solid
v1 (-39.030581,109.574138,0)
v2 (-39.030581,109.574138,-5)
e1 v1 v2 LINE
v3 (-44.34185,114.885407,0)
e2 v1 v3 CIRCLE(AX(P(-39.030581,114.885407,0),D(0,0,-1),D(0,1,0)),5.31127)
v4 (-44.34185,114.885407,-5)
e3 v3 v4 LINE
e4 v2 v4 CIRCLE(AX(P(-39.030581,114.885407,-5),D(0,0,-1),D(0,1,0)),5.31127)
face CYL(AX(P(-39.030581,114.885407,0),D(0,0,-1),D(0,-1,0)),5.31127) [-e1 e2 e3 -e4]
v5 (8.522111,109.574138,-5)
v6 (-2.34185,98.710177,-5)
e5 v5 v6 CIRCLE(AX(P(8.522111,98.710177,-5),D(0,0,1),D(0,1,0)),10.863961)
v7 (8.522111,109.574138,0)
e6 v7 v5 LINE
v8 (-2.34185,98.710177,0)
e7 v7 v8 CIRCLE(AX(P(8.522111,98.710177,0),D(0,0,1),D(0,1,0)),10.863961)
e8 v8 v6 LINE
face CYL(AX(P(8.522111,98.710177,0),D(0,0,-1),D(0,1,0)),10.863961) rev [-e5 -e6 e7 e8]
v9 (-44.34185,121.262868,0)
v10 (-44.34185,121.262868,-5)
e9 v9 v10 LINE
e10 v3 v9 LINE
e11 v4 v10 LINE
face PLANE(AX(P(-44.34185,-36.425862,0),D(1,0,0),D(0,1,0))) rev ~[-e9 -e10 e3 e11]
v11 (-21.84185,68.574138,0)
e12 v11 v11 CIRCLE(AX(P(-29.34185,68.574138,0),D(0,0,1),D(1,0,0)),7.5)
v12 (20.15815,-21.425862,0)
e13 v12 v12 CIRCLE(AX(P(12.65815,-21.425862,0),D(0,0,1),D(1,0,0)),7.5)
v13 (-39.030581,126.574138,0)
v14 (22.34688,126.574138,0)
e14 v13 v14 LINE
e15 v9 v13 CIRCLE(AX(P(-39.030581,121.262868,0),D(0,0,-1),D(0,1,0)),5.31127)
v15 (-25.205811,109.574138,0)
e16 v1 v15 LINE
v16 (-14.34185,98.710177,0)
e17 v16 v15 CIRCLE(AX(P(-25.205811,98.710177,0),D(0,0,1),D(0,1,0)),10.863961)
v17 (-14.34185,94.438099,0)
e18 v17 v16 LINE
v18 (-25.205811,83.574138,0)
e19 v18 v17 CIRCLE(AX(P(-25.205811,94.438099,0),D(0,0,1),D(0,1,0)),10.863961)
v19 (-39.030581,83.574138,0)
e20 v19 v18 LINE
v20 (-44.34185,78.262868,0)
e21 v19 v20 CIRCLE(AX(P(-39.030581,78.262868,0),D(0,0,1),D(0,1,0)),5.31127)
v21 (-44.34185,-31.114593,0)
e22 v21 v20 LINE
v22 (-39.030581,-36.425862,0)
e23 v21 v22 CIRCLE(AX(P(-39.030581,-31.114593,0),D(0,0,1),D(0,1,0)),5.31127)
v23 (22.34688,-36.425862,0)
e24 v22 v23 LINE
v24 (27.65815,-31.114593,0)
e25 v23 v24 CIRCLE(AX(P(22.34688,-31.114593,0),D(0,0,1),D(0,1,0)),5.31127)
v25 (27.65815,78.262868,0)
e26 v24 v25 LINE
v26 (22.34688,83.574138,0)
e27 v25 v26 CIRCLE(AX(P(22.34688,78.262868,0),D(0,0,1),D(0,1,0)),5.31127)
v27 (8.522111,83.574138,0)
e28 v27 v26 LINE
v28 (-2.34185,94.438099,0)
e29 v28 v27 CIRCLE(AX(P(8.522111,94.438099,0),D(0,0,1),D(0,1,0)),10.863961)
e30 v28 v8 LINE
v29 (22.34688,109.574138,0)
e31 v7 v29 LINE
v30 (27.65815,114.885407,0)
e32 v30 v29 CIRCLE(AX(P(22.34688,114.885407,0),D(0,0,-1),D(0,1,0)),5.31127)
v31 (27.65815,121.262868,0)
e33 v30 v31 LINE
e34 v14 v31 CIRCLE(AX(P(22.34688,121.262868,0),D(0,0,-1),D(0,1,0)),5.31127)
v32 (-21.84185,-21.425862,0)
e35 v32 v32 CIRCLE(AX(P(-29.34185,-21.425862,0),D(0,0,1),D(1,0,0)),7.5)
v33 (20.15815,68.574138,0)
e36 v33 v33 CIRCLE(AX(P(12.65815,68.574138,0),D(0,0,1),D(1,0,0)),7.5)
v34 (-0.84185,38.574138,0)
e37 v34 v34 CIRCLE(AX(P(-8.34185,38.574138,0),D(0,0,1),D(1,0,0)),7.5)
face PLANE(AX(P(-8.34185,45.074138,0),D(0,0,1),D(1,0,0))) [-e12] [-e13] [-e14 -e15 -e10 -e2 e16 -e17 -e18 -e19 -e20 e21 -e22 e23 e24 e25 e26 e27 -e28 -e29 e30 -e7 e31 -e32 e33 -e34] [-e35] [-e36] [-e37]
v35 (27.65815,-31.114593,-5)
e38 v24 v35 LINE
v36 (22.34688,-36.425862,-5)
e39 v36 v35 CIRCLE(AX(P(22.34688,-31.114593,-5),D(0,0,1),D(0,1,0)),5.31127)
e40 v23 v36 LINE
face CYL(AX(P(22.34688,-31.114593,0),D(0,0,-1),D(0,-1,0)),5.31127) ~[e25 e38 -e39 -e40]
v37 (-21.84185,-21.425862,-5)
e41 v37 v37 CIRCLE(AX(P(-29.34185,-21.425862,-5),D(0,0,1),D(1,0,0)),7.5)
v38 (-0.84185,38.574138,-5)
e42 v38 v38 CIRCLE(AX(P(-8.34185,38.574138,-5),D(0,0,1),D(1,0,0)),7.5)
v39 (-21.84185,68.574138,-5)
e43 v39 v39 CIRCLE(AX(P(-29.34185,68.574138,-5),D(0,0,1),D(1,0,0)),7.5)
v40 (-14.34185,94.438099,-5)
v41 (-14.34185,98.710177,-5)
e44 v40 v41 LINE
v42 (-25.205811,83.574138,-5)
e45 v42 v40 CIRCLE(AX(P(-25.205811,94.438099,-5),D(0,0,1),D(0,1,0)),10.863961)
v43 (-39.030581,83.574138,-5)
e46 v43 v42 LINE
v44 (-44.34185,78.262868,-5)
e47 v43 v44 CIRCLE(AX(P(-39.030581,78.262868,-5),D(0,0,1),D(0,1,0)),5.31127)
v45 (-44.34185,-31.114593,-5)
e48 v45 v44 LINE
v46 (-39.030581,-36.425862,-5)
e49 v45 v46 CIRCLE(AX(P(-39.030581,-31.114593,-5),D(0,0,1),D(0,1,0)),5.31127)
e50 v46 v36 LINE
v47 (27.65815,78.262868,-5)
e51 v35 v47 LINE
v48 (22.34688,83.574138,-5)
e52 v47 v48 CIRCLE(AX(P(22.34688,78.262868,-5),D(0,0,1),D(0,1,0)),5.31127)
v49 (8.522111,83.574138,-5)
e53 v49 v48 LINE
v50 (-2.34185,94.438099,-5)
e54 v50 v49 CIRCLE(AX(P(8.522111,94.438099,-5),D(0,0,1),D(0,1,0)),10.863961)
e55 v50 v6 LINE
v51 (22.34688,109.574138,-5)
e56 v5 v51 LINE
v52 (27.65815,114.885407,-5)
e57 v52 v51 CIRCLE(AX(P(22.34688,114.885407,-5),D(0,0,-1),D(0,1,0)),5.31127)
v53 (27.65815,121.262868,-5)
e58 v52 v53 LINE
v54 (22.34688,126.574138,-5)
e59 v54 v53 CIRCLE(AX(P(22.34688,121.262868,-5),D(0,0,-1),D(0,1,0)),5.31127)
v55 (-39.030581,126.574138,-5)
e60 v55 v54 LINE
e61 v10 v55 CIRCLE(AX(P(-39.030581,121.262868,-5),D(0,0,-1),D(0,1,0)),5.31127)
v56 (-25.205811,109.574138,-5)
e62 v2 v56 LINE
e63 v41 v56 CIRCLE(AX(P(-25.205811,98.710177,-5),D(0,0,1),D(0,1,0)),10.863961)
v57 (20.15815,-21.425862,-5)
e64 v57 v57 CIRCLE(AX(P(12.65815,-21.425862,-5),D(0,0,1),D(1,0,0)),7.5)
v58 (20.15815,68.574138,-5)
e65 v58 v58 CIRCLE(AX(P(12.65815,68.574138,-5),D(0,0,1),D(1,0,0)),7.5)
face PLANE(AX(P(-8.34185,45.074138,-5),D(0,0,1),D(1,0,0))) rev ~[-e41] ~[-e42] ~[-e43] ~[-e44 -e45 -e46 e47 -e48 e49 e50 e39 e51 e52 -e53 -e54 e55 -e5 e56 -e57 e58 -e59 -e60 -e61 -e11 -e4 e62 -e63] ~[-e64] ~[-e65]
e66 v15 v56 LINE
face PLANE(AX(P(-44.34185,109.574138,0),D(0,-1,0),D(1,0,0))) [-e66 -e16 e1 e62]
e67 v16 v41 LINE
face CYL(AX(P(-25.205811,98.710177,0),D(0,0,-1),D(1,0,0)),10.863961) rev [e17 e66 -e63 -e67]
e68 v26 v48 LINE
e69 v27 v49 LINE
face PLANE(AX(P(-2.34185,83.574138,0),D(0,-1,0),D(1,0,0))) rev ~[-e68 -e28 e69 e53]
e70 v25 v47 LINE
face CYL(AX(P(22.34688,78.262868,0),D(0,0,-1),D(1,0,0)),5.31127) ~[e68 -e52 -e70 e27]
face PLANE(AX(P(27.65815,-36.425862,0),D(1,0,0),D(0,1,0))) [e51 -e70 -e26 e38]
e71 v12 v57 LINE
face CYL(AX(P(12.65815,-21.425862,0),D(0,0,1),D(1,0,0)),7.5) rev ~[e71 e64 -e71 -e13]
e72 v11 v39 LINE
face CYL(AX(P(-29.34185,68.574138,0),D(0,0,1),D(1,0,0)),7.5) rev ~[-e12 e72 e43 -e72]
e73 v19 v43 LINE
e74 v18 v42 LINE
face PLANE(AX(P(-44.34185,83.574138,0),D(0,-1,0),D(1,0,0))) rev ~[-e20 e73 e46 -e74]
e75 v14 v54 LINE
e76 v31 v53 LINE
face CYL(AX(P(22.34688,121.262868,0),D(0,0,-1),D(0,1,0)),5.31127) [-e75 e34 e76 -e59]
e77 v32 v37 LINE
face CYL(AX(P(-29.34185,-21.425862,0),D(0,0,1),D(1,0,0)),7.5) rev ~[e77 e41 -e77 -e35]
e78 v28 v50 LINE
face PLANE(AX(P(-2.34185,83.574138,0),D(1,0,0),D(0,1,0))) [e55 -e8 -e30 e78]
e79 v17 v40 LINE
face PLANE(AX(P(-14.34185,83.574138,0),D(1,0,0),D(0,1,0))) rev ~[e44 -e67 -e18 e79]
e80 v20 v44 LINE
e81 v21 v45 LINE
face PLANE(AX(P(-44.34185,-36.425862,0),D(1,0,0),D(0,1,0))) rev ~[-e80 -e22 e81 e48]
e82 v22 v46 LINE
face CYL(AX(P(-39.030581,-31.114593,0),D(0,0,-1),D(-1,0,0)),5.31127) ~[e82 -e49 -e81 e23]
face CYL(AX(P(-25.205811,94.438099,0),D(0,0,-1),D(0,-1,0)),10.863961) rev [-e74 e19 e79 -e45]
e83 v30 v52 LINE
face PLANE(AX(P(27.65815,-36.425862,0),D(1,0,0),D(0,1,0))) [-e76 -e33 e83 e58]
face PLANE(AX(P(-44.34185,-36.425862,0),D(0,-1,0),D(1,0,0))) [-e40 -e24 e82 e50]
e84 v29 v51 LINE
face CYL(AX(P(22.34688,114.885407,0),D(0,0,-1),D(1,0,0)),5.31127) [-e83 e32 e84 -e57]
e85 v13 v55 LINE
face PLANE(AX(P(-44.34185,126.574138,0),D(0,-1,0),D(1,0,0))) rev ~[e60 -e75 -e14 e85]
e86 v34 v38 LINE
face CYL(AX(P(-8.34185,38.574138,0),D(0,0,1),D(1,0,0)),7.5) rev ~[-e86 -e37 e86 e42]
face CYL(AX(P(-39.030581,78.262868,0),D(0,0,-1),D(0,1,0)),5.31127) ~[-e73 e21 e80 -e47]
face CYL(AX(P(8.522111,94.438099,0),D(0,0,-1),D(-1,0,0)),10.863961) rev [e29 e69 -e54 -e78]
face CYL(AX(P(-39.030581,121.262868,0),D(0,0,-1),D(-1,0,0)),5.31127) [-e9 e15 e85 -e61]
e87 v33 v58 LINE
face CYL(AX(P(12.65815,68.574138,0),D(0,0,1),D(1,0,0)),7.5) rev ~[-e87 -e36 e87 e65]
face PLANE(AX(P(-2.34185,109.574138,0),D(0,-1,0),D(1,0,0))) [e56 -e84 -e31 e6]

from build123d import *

# Parameters (mm, degrees)
F0_W     = 72
F0_H     = 163
F1_DEPTH = 5
F2_W     = 30
F2_H     = 26
F2_R     = 7.5
F3_DEPTH = 25
F4_R     = 10.8639610307
F5_R     = 5.3112698372


with BuildPart() as f1:
    # F0 (on Top) → F1 (new body)
    with BuildSketch(Plane.XY):
        with Locations((-8.3418504, 45.0741375387)):
            Rectangle(F0_W, F0_H)
    extrude(amount=-F1_DEPTH)

    # F2 (on face) → F3 (cut)
    with BuildSketch(Plane.XY):
        with Locations((12.6581496, 96.5741375387)):
            Rectangle(F2_W, F2_H)
        with Locations((-29.3418504, 96.5741375387)):
            Rectangle(F2_W, F2_H)
        with Locations((12.6581496, 68.5741375387)):
            Circle(F2_R)
        with Locations((-29.3418504, 68.5741375387)):
            Circle(F2_R)
        with Locations((-8.3418504, 38.5741375387)):
            Circle(F2_R)
        with Locations((-29.3418504, -21.4258624613)):
            Circle(F2_R)
        with Locations((12.6581496, -21.4258624613)):
            Circle(F2_R)
    extrude(amount=-F3_DEPTH, mode=Mode.SUBTRACT)

    # F4
    f4_edges = [f1.edges().sort_by_distance(p)[0] for p in [
        (-2.34185, 109.574138, -2.5),
        (-2.34185, 83.574138, -2.5),
        (-14.34185, 83.574138, -2.5),
        (-14.34185, 109.574138, -2.5),
    ]]
    fillet(f4_edges, radius=F4_R)

    # F5
    f5_edges = [f1.edges().sort_by_distance(p)[0] for p in [
        (27.65815, 126.574138, -2.5),
        (-44.34185, 126.574138, -2.5),
        (-44.34185, 109.574138, -2.5),
        (-44.34185, 83.574138, -2.5),
        (27.65815, 109.574138, -2.5),
        (27.65815, 83.574138, -2.5),
        (-44.34185, -36.425862, -2.5),
        (27.65815, -36.425862, -2.5),
    ]]
    fillet(f5_edges, radius=F5_R)


solid = f1.part
